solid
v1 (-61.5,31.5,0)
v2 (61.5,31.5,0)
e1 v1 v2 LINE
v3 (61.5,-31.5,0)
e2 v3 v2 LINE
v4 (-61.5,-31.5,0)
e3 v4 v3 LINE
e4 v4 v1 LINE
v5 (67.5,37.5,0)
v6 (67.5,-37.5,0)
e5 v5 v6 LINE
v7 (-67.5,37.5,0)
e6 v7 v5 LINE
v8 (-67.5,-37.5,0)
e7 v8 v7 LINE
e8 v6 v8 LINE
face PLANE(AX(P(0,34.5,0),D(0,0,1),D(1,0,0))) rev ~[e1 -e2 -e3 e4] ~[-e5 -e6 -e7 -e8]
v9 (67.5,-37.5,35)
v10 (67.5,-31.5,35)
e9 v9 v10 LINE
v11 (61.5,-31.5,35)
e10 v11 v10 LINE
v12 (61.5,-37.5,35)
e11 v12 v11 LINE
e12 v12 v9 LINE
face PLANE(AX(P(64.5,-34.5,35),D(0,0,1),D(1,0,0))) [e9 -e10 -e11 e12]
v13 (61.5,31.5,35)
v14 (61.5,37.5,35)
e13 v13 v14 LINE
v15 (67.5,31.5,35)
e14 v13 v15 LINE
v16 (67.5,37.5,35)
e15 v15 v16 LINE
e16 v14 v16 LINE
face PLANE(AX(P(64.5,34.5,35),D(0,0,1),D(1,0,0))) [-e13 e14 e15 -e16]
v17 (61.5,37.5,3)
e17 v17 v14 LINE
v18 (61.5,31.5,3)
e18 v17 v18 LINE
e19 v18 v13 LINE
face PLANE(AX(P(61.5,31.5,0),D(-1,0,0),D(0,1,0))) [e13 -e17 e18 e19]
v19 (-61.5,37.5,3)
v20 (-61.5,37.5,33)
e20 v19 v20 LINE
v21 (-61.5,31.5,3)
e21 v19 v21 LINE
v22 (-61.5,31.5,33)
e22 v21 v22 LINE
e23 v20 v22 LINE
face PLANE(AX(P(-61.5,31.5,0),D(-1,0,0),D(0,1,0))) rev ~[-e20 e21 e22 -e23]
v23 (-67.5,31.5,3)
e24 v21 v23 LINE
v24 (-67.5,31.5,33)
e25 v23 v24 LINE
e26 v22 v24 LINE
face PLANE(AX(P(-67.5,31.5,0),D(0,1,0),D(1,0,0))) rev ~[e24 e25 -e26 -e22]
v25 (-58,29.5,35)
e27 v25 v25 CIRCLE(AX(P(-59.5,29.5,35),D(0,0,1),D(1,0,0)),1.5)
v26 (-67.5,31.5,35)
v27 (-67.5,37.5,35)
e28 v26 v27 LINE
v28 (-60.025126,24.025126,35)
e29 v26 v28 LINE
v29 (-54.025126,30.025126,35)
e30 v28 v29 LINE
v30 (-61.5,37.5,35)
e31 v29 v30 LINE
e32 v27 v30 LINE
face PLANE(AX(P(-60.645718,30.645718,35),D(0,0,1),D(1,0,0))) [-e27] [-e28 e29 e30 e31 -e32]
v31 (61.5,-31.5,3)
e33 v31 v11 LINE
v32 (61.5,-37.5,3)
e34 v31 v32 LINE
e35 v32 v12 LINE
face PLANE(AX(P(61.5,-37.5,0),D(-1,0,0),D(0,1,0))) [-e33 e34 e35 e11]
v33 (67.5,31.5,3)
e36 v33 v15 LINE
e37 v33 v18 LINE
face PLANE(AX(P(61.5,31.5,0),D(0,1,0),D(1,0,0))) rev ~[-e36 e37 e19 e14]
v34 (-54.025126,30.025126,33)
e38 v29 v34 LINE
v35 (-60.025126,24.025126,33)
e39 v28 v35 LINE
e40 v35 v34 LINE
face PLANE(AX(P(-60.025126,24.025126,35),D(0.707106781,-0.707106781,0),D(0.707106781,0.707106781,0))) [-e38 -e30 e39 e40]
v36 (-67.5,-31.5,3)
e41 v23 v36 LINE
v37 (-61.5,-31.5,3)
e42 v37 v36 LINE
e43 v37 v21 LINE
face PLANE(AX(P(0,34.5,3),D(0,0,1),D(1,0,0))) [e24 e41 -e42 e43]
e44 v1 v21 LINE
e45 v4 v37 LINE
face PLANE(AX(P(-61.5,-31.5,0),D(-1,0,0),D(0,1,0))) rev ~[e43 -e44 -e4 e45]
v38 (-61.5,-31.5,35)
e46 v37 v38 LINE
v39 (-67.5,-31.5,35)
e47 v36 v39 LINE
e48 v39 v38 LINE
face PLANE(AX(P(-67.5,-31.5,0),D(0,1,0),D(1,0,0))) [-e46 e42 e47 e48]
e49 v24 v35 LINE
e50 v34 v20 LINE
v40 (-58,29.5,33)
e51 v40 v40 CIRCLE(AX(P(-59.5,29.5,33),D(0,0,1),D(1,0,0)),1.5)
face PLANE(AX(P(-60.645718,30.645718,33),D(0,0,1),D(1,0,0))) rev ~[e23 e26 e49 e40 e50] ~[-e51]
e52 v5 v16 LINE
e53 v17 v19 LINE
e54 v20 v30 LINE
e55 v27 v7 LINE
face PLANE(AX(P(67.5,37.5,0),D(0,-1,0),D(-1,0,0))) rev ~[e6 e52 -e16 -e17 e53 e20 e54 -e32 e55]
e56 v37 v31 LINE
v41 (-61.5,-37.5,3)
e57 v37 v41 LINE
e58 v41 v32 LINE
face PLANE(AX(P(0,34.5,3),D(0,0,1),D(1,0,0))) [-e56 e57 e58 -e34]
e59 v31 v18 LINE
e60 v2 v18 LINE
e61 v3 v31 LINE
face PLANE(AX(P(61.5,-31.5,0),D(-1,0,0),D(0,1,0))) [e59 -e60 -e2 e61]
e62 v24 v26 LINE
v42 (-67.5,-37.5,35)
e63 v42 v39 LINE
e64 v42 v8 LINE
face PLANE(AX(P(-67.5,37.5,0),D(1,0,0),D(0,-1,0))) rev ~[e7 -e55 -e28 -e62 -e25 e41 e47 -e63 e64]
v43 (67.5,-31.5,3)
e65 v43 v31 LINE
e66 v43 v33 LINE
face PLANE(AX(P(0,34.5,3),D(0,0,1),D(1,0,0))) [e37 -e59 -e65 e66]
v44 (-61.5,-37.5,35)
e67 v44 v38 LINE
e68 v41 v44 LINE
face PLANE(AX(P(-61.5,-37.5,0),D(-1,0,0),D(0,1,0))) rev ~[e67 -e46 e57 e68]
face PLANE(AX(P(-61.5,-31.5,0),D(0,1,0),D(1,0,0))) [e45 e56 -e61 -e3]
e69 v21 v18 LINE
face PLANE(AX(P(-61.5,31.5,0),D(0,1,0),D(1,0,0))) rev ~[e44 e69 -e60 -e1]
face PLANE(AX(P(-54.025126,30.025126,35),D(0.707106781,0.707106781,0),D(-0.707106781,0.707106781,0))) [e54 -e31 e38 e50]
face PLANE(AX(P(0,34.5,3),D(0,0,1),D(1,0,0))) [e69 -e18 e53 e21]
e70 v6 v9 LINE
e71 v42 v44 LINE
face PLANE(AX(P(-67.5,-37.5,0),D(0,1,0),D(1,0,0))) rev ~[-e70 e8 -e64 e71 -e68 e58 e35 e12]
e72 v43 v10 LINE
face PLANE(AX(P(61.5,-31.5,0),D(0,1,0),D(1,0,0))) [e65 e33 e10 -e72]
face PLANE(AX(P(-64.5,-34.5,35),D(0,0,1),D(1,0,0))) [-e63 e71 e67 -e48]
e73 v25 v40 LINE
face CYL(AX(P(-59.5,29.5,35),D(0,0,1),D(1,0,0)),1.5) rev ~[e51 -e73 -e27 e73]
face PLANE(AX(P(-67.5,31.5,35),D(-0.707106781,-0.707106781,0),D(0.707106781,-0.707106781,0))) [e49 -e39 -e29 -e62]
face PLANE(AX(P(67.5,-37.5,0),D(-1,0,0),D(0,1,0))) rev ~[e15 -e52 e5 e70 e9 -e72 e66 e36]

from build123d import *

# Parameters (mm, degrees)
F0_W     = 123
F0_H     = 6
F0_W_2   = 6
F0_H_2   = 63
F1_DEPTH = 3
F2_DEPTH = 35
F3_R     = 1.5
F4_DEPTH = 2


with BuildPart() as f1:
    # F0 (on Top) → F1 (new body)
    with BuildSketch(Plane.XY):
        with Locations((0, 34.5)):
            Rectangle(F0_W, F0_H)
        with Locations((-64.5, 0)):
            Rectangle(F0_W_2, F0_H_2)
        with Locations((-64.5, -34.5)):
            Rectangle(F0_W_2, F0_H)
        with Locations((0, -34.5)):
            Rectangle(F0_W, F0_H)
        with Locations((64.5, 0)):
            Rectangle(F0_W_2, F0_H_2)
        with Locations((64.5, -34.5)):
            Rectangle(F0_W_2, F0_H)
        with Locations((64.5, 34.5)):
            Rectangle(F0_W_2, F0_H)
        with Locations((-64.5, 34.5)):
            Rectangle(F0_W_2, F0_H)
    extrude(amount=F1_DEPTH)

    # F0 (on Top) → F2 (join)
    with BuildSketch(Plane.XY):
        with Locations((-64.5, -34.5)):
            Rectangle(F0_W_2, F0_H)
        with Locations((64.5, -34.5)):
            Rectangle(F0_W_2, F0_H)
        with Locations((64.5, 34.5)):
            Rectangle(F0_W_2, F0_H)
        with Locations((-64.5, 34.5)):
            Rectangle(F0_W_2, F0_H)
    extrude(amount=F2_DEPTH)

    # F3 (on face) → F4 (join)
    with BuildSketch(Plane.XY.offset(35)):
        Polygon((-61.5, 31.5), (-67.5, 31.5), (-60.025126, 24.025126), (-54.025126, 30.025126), (-61.5, 37.5), align=None)
        with Locations((-59.5, 29.5)):
            Circle(F3_R, mode=Mode.SUBTRACT)
    extrude(amount=-F4_DEPTH)


solid = f1.part
